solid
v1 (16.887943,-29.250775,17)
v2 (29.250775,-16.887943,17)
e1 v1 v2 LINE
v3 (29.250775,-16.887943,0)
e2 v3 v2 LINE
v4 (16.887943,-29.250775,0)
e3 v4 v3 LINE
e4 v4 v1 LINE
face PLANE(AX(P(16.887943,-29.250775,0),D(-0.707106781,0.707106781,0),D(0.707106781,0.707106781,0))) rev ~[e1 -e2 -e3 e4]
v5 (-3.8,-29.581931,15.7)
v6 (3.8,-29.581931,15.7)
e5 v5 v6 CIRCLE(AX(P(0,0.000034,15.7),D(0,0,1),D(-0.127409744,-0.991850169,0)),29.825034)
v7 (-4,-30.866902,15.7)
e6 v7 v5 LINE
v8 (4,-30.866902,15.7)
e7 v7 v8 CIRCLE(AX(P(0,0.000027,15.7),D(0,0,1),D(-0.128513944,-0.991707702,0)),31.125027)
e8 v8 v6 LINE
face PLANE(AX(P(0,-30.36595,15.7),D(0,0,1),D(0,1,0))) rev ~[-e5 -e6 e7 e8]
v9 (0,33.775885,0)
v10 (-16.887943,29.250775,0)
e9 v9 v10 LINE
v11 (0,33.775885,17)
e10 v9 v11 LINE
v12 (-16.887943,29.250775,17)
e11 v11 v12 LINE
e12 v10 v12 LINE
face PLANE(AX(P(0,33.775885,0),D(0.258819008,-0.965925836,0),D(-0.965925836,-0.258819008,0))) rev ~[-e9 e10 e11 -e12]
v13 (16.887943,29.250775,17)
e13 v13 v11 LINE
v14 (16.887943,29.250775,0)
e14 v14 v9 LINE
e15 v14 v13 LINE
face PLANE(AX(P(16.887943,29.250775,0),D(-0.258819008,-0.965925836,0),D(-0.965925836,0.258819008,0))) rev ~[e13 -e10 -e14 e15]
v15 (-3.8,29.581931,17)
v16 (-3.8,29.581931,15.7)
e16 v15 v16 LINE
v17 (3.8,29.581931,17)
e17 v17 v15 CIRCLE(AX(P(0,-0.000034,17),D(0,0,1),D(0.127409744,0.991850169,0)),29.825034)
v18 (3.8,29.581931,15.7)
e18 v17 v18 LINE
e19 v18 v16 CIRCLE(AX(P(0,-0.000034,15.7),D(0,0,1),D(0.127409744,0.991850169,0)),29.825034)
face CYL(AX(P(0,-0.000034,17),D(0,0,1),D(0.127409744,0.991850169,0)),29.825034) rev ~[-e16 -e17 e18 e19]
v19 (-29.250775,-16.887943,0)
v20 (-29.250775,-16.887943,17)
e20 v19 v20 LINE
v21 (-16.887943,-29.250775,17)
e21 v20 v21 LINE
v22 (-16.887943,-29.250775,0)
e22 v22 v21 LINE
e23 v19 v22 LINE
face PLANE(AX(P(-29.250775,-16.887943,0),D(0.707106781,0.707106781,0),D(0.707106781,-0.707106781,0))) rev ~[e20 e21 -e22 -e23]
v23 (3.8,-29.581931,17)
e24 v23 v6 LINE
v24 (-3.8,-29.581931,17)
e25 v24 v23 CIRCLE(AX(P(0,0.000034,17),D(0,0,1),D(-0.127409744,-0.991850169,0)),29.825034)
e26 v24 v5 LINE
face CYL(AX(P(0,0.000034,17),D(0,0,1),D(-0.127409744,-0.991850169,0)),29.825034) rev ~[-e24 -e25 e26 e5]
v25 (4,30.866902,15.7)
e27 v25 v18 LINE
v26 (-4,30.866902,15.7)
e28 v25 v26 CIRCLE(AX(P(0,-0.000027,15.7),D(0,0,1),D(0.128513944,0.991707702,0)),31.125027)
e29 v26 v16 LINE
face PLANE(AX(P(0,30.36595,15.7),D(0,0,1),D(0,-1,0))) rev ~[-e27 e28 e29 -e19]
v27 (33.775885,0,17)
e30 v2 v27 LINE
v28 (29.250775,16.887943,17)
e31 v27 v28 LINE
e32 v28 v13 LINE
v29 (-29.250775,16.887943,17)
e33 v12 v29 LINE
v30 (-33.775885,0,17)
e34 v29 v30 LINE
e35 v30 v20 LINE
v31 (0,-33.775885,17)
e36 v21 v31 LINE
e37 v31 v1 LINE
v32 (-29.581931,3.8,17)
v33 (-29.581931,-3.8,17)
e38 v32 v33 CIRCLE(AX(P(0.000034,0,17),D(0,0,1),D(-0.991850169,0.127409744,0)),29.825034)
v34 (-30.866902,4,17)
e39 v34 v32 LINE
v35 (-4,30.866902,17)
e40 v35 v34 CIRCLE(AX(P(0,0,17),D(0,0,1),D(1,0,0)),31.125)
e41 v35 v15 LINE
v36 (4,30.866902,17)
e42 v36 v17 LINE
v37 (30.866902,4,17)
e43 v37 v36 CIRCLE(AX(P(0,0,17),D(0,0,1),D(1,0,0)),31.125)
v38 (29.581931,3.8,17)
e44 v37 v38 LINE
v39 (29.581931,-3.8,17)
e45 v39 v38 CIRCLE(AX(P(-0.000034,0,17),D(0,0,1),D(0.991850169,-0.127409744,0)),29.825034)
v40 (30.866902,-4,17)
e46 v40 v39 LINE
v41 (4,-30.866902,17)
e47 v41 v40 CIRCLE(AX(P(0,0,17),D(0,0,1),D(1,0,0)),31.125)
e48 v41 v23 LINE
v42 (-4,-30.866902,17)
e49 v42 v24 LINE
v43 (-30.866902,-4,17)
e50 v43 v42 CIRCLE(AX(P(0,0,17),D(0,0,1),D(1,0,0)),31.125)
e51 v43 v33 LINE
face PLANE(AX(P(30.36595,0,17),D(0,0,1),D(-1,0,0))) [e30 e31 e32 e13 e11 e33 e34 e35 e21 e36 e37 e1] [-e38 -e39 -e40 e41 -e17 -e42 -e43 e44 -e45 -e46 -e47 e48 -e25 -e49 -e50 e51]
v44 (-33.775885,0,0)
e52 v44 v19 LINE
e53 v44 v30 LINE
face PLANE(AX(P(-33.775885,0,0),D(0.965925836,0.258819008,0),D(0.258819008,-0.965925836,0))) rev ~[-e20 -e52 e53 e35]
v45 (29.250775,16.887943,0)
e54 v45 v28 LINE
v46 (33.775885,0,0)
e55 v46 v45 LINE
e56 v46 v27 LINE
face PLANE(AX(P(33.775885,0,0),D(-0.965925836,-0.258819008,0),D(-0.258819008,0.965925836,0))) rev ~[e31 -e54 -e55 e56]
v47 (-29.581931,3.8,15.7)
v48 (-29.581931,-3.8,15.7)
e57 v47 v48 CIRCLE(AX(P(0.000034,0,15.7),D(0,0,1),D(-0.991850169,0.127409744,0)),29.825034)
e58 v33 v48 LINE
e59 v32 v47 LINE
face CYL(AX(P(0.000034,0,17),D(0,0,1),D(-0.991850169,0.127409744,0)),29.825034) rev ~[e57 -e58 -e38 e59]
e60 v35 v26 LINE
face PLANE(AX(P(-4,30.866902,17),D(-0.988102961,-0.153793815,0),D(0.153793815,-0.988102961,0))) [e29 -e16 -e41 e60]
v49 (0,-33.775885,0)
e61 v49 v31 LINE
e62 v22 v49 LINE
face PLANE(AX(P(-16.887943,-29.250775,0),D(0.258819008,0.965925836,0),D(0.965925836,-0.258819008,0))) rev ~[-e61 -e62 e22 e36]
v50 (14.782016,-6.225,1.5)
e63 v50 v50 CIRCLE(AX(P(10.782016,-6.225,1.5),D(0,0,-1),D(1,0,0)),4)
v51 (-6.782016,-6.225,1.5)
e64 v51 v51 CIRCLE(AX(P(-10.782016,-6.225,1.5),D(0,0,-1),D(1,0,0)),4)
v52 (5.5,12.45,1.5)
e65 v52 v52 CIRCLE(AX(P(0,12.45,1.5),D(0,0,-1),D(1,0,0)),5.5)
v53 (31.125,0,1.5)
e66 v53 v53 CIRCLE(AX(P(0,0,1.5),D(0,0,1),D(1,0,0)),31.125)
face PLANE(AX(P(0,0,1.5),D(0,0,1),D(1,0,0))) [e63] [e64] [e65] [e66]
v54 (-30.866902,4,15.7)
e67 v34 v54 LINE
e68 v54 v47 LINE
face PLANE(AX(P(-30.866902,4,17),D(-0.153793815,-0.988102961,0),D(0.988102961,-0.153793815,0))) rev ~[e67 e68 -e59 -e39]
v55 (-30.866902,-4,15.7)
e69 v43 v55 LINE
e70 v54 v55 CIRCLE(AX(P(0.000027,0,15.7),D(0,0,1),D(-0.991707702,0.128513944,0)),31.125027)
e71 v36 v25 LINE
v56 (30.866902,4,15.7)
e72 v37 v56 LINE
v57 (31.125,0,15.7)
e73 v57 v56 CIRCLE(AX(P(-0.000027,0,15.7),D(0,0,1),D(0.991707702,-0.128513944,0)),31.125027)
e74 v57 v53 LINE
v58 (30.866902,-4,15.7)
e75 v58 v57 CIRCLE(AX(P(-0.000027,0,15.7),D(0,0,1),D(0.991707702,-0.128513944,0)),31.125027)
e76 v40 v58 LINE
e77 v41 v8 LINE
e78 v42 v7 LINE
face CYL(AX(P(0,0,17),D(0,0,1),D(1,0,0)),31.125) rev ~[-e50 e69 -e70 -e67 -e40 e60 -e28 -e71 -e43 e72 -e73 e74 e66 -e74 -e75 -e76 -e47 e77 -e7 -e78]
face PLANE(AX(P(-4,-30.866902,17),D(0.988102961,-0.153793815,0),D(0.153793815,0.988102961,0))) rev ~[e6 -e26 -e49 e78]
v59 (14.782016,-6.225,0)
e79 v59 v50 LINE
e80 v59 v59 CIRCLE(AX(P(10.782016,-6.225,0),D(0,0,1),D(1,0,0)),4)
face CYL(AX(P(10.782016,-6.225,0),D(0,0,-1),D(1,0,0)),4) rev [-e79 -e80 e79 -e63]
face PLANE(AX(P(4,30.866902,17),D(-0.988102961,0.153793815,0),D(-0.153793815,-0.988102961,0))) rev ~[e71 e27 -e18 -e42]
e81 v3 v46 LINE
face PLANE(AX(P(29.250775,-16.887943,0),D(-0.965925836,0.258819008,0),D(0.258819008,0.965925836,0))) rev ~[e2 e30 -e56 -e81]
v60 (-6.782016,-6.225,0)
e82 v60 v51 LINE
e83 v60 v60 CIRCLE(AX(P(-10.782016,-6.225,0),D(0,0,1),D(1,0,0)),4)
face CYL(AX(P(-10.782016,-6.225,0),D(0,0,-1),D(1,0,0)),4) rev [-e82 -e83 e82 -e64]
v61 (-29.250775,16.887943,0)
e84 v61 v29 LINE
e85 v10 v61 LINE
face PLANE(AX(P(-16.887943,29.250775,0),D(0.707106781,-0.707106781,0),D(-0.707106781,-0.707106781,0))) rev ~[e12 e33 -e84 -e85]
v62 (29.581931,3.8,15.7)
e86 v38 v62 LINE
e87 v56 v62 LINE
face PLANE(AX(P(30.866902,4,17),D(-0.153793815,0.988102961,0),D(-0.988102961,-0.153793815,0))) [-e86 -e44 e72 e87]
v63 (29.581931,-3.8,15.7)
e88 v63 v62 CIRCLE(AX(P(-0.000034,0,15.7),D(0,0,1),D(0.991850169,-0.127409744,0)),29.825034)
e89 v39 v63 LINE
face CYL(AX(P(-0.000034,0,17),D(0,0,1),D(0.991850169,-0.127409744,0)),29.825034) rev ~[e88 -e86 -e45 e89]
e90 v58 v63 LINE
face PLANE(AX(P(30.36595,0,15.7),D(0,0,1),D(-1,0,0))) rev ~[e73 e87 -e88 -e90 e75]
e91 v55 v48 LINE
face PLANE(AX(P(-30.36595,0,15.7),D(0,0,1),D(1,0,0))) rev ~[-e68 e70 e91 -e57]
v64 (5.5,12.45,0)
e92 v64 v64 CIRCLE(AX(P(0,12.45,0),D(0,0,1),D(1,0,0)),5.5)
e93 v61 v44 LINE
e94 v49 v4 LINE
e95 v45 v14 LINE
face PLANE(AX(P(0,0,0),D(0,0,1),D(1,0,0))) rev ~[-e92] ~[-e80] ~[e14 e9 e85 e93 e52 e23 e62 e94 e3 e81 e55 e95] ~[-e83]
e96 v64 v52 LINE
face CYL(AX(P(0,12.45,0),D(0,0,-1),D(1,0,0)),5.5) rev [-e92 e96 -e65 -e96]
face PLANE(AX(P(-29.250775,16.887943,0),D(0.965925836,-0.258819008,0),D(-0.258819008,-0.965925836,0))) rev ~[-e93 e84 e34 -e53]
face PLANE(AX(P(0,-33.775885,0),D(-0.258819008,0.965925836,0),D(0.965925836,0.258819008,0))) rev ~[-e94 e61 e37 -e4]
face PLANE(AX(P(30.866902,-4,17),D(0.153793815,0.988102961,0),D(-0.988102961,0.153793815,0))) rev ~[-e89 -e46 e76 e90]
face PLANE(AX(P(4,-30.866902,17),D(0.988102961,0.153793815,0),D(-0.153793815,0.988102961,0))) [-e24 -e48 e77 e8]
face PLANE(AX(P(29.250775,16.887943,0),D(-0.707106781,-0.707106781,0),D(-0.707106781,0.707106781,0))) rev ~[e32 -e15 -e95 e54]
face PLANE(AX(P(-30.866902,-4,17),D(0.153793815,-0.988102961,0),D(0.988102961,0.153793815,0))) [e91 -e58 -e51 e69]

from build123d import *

# Parameters (mm, degrees)
SKETCH_R           = 5.5
SKETCH_R_2         = 4
PAD_DEPTH          = 17
SKETCH001_R        = 31.125
HOLE_DEPTH         = 15.5
PAD001_DEPTH       = 1.3
POLARPATTERN_COUNT = 4


with BuildPart() as part:
    # Sketch → Pad (new body)
    with BuildSketch(Plane.XY):
        Polygon((-29.250775, 16.887943), (-33.775885, 0), (-29.250775, -16.887943), (-16.887943, -29.250775), (0, -33.775885), (16.887943, -29.250775), (29.250775, -16.887943), (33.775885, 0), (29.250775, 16.887943), (16.887943, 29.250775), (0, 33.775885), (-16.887943, 29.250775), align=None)
        with Locations((0, 12.45)):
            Circle(SKETCH_R, mode=Mode.SUBTRACT)
        with Locations((10.782016, -6.225)):
            Circle(SKETCH_R_2, mode=Mode.SUBTRACT)
        with Locations((-10.782016, -6.225)):
            Circle(SKETCH_R_2, mode=Mode.SUBTRACT)
    extrude(amount=PAD_DEPTH)

    # Sketch001 (on Face17 of Pad) → Hole (cut)
    with BuildSketch(Plane.XY.offset(17)):
        Circle(SKETCH001_R)
    extrude(amount=-HOLE_DEPTH, mode=Mode.SUBTRACT)

    # Sketch002 (on Face5 of Hole) → Pad001 (join)
    with BuildSketch(Plane.XY.offset(17)):
        with BuildLine():
            ThreePointArc((-30.866902, 4), (-31.125, 0), (-30.866902, -4))
            Line((-30.866902, -4), (-29.581931, -3.8))
            ThreePointArc((-29.581931, 3.8), (-29.825, 0), (-29.581931, -3.8))
            Line((-30.866902, 4), (-29.581931, 3.8))
        make_face()
    pad001 = extrude(amount=-PAD001_DEPTH)

    # PolarPattern: Pad001 ×4 about axis
    polarpattern_axis = Axis((0, 0, 17), (0, 0, 1))
    for i in range(1, POLARPATTERN_COUNT):
        add(pad001.rotate(polarpattern_axis, i * 360 / POLARPATTERN_COUNT))


solid = part.part
